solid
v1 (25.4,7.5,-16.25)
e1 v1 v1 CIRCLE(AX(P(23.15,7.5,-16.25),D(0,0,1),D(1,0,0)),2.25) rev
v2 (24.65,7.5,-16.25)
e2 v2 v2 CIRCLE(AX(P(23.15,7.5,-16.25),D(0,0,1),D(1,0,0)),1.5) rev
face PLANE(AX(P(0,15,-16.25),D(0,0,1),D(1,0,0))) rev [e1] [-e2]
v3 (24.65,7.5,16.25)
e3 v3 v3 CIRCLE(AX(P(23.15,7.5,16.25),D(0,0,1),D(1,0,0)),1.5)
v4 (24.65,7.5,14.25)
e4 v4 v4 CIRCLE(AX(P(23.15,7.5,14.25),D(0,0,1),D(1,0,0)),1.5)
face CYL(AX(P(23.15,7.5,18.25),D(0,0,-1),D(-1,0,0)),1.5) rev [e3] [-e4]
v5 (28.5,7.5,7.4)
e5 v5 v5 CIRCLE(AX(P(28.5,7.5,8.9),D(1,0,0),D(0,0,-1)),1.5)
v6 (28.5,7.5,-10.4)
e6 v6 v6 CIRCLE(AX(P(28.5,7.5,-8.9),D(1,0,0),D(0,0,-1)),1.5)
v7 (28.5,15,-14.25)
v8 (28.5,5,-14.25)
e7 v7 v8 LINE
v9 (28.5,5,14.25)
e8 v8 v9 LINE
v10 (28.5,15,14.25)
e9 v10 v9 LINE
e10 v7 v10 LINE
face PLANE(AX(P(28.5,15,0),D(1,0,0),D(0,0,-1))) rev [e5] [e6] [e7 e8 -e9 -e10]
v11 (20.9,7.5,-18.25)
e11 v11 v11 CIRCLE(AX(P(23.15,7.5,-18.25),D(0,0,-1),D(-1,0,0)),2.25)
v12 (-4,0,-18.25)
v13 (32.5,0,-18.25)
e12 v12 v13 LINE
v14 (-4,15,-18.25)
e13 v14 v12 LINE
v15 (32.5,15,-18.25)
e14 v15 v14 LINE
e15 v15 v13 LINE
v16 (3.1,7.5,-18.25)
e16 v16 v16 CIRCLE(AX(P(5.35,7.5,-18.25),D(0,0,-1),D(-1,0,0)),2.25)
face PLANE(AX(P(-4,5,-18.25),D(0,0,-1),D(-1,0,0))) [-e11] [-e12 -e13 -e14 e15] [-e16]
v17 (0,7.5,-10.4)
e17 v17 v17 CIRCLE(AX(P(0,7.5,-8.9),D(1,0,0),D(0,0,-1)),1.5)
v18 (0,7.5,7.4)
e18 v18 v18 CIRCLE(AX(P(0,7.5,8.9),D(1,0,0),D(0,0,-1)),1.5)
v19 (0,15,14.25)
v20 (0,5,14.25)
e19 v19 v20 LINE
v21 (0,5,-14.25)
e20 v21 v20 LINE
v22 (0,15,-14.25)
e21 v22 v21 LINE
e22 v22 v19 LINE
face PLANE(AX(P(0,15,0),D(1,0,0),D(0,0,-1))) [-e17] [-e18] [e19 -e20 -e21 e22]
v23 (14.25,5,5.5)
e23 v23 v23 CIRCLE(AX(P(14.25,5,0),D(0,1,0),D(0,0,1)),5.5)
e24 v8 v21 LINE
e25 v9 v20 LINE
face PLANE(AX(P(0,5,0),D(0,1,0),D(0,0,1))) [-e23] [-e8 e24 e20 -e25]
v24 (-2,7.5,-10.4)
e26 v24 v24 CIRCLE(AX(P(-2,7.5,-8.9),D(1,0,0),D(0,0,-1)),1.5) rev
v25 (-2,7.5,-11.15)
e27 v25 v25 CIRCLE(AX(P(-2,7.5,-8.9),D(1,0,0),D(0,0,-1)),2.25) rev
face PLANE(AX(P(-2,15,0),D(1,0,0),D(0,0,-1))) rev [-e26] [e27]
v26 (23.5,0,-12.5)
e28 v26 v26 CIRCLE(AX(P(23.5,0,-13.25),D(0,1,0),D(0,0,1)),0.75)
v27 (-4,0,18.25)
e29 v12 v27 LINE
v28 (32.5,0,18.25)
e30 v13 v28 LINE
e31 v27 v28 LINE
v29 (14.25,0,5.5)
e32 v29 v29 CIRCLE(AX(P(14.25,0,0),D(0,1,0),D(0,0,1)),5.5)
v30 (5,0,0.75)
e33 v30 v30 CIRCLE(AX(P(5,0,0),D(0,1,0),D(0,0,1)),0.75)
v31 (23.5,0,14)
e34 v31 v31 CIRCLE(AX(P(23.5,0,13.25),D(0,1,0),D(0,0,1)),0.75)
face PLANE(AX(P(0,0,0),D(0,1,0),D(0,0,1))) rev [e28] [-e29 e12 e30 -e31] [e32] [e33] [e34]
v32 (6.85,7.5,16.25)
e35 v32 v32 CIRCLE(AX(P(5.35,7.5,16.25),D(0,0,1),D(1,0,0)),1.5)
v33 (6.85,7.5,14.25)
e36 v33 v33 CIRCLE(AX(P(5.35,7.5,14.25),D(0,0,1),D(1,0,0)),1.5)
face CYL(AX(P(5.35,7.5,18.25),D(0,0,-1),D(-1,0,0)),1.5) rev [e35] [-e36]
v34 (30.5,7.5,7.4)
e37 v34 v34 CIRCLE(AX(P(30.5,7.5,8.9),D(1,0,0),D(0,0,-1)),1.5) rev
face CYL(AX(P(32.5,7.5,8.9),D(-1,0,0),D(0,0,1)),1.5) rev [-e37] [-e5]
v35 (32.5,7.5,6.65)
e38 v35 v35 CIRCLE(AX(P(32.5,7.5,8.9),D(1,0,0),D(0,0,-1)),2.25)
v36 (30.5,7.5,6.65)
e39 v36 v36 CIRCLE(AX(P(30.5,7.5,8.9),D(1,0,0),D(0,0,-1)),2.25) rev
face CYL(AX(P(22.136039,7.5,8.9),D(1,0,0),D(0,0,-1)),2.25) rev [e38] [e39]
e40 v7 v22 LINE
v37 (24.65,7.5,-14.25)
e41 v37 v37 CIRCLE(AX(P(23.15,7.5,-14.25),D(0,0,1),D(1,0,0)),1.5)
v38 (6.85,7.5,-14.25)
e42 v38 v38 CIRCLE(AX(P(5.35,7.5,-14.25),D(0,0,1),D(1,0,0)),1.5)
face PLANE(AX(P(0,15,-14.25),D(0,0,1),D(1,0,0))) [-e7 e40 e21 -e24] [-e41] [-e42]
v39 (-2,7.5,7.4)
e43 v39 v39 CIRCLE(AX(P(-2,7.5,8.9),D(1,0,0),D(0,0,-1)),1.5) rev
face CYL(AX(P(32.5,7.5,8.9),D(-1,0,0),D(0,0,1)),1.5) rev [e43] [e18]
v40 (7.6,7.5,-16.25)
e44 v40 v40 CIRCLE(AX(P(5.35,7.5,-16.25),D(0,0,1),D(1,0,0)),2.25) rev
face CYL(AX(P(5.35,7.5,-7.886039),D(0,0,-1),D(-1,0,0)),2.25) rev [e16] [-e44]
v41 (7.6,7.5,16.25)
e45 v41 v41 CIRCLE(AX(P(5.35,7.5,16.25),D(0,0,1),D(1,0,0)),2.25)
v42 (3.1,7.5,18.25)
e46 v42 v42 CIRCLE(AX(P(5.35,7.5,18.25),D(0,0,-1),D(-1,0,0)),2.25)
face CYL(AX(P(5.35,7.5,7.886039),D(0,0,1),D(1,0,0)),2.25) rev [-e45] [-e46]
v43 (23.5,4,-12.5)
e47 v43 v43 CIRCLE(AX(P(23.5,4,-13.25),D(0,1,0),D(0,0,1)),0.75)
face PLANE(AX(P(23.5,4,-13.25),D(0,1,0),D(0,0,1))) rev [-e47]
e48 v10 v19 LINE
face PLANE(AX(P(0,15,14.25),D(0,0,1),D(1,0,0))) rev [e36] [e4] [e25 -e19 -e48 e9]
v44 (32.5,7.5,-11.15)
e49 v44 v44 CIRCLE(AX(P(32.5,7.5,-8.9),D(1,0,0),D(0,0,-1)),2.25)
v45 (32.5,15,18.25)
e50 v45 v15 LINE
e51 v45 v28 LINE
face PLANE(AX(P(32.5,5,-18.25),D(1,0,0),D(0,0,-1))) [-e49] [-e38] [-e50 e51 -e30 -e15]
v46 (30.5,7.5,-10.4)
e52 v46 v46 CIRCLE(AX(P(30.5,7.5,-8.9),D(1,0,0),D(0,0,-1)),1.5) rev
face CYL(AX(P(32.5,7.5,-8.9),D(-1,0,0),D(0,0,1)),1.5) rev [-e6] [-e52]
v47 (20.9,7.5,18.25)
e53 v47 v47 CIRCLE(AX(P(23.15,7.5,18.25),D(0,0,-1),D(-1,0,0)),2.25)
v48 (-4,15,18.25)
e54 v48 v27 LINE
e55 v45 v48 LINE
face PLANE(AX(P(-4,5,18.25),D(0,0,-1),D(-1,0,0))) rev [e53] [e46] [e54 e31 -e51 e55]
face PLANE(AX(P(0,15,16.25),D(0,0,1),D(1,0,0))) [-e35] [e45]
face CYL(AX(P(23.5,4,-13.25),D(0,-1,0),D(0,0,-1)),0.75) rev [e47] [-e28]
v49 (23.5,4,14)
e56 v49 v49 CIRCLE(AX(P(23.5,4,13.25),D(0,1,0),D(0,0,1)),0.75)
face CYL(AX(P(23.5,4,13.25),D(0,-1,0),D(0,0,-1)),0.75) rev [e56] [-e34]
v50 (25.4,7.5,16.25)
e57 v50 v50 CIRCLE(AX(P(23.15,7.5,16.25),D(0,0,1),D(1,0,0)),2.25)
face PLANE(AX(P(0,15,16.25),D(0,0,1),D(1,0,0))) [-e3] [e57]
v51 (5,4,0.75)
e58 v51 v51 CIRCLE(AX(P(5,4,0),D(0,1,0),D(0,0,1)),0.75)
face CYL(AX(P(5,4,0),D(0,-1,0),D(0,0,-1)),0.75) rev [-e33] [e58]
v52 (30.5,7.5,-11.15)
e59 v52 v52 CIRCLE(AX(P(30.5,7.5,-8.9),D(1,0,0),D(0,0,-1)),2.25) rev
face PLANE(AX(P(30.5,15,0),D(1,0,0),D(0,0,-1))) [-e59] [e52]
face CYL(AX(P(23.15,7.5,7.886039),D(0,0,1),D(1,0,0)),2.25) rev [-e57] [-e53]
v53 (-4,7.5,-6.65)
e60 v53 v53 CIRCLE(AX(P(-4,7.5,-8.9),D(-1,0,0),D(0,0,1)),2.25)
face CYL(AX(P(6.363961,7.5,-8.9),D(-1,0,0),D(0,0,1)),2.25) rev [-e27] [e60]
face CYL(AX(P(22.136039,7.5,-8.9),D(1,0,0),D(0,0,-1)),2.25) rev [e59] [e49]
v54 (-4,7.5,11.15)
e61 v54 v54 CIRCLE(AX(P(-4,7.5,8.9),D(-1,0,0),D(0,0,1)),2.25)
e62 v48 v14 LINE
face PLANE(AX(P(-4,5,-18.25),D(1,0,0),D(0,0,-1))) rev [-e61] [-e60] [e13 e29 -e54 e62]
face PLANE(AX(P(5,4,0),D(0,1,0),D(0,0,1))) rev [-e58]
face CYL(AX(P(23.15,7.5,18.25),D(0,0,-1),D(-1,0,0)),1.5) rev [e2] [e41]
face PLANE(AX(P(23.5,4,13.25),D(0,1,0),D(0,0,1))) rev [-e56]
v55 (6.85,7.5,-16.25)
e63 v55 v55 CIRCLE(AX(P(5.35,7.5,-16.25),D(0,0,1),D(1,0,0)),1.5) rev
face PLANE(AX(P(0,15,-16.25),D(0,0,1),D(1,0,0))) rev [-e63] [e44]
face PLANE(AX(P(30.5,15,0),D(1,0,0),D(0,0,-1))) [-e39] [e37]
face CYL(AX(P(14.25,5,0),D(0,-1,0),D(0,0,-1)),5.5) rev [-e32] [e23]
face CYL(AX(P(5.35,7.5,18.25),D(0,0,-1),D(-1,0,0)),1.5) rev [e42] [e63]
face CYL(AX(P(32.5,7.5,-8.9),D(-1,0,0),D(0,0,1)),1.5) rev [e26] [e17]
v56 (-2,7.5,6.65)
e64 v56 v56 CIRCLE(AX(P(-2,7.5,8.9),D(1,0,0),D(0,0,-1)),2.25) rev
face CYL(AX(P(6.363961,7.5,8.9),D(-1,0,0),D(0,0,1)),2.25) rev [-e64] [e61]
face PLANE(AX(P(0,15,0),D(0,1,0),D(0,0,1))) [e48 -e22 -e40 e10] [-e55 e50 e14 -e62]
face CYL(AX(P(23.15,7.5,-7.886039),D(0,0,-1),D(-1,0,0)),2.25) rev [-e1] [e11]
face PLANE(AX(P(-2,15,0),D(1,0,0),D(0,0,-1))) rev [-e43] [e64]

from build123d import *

# Parameters (mm, degrees)
SKETCH_1_W           = 36.5
SKETCH_1_H           = 36.5
SKETCH_1_R           = 5.5
EXTRUDE_1_DEPTH      = 5
EXTRUDE_START        = 5
SKETCH_1_18_W        = 36.5
SKETCH_1_18_H        = 36.5
SKETCH_1_18_W_2      = 28.5
SKETCH_1_18_H_2      = 28.5
EXTRUDE_2_DEPTH      = 10
SKETCH_2_R           = 1.5
CUT_EXTRUDE_1_DEPTH  = 52.122402134
SKETCH_2_3_R         = 2.25
CUT_EXTRUDE_2_DEPTH  = 2
CUT_EXTRUDE_START    = -34.5
SKETCH_2_4_R         = 2.25
SKETCH_2_4_R_2       = 1.5
CUT_EXTRUDE_3_DEPTH  = 2
SKETCH_3_R           = 1.5
CUT_EXTRUDE_4_DEPTH  = 44.477724181
SKETCH_3_4_R         = 2.25
CUT_EXTRUDE_8_DEPTH  = 2
SKETCH_3_5_R         = 2.25
CUT_EXTRUDE_9_DEPTH  = 2
EXTRUDE_START_2      = 6
SKETCH_4_W           = 32.5
SKETCH_4_H           = 22
SKETCH_4_R           = 5.5
EXTRUDE_3_DEPTH      = 6
EXTRUDE_START_3      = 14
SKETCH_4_3_W         = 32.5
SKETCH_4_3_H         = 22
EXTRUDE_4_DEPTH      = 8
CUT_EXTRUDE_START_2  = 6
SKETCH_4_4_R         = 1
CUT_EXTRUDE_10_DEPTH = 5
EXTRUDE_5_DEPTH      = 2
SKETCH_4_6_R         = 0.75
CUT_EXTRUDE_11_DEPTH = 4
CUT_EXTRUDE_12_REACH = 48.24
SKETCH_4_7_R         = 1.5
SKETCH_5_W           = 200
SKETCH_5_H           = 100
CUT_EXTRUDE_13_DEPTH = 47.239863754


with BuildPart() as part:
    # 草图1 → 凸台-拉伸1 (new body)
    with BuildSketch(Plane(origin=(0, 0, 0), x_dir=(1, 0, 0), z_dir=(0, 1, 0))):
        with Locations((14.25, 0)):
            Rectangle(SKETCH_1_W, SKETCH_1_H)
        with Locations(Location((14.25, 0, 0), (0, 0, 270))):
            Circle(SKETCH_1_R, mode=Mode.SUBTRACT)
    extrude(amount=EXTRUDE_1_DEPTH)

    # 草图1<18> → 凸台-拉伸2 (add)
    with BuildSketch(Plane(origin=(0, 0, 0), x_dir=(1, 0, 0), z_dir=(0, 1, 0)).offset(EXTRUDE_START)):
        with Locations((14.25, 0)):
            Rectangle(SKETCH_1_18_W, SKETCH_1_18_H)
        with Locations((14.25, 0)):
            Rectangle(SKETCH_1_18_W_2, SKETCH_1_18_H_2, mode=Mode.SUBTRACT)
    extrude(amount=EXTRUDE_2_DEPTH)

    # 草图2 → 切除-拉伸1 (cut, through all)
    with BuildSketch(Plane(origin=(0, 0, -18.25), x_dir=(-1, 0, 0), z_dir=(0, 0, -1))):
        with Locations((-23.15, 7.5)):
            Circle(SKETCH_2_R)
        with Locations((-5.35, 7.5)):
            Circle(SKETCH_2_R)
    extrude(amount=-CUT_EXTRUDE_1_DEPTH, mode=Mode.SUBTRACT)

    # 草图2<3> → 切除-拉伸2 (cut)
    with BuildSketch(Plane(origin=(0, 0, -18.25), x_dir=(-1, 0, 0), z_dir=(0, 0, -1))):
        with Locations((-23.15, 7.5)):
            Circle(SKETCH_2_3_R)
        with Locations((-5.35, 7.5)):
            Circle(SKETCH_2_3_R)
    extrude(amount=-CUT_EXTRUDE_2_DEPTH, mode=Mode.SUBTRACT)

    # 草图2<4> → 切除-拉伸3 (cut)
    # profile 1 of 2: a face of its own
    with BuildSketch(Plane(origin=(0, 0, -18.25), x_dir=(-1, 0, 0), z_dir=(0, 0, -1)).offset(CUT_EXTRUDE_START)):
        with Locations((-23.15, 7.5)):
            Circle(SKETCH_2_4_R)
        with Locations(Location((-23.15, 7.5, 0), (0, 0, 180))):
            Circle(SKETCH_2_4_R_2, mode=Mode.SUBTRACT)
    # profile 2 of 2: a face of its own
    with BuildSketch(Plane(origin=(0, 0, -18.25), x_dir=(-1, 0, 0), z_dir=(0, 0, -1)).offset(CUT_EXTRUDE_START)):
        with Locations((-5.35, 7.5)):
            Circle(SKETCH_2_4_R)
        with Locations(Location((-5.35, 7.5, 0), (0, 0, 180))):
            Circle(SKETCH_2_4_R_2, mode=Mode.SUBTRACT)
    extrude(amount=-CUT_EXTRUDE_3_DEPTH, mode=Mode.SUBTRACT)

    # 草图3 → 切除-拉伸4 (cut, through all)
    with BuildSketch(Plane.ZY.offset(4)):
        with Locations((-8.9, 7.5)):
            Circle(SKETCH_3_R)
        with Locations((8.9, 7.5)):
            Circle(SKETCH_3_R)
    extrude(amount=-CUT_EXTRUDE_4_DEPTH, mode=Mode.SUBTRACT)

    # 草图3<4> → 切除-拉伸8 (cut)
    with BuildSketch(Plane.ZY.offset(4)):
        with Locations((-8.9, 7.5)):
            Circle(SKETCH_3_4_R)
        with Locations((8.9, 7.5)):
            Circle(SKETCH_3_4_R)
    extrude(amount=-CUT_EXTRUDE_8_DEPTH, mode=Mode.SUBTRACT)

    # 草图3<5> → 切除-拉伸9 (cut)
    with BuildSketch(Plane.ZY.offset(4).offset(CUT_EXTRUDE_START)):
        with Locations((-8.9, 7.5)):
            Circle(SKETCH_3_5_R)
        with Locations((8.9, 7.5)):
            Circle(SKETCH_3_5_R)
    extrude(amount=-CUT_EXTRUDE_9_DEPTH, mode=Mode.SUBTRACT)

    # 草图4 → 凸台-拉伸3 (add)
    with BuildSketch(Plane.XZ.offset(EXTRUDE_START_2)):
        with Locations((23.5, 0)):
            Rectangle(SKETCH_4_W, SKETCH_4_H)
        with Locations(Location((14.25, 0, 0), (0, 0, 270))):
            Circle(SKETCH_4_R, mode=Mode.SUBTRACT)
    extrude(amount=-EXTRUDE_3_DEPTH)

    # 草图4<3> → 凸台-拉伸4 (add)
    with BuildSketch(Plane.XZ.offset(EXTRUDE_START_3)):
        with Locations((23.5, 0)):
            Rectangle(SKETCH_4_3_W, SKETCH_4_3_H)
        with BuildLine():
            ThreePointArc((18.067307692, 3.959565883), (27.052586177, 9.998051199), (36.269230769, 4.318967044))
            ThreePointArc((36.269230769, 4.318967044), (38.08567491, 2.490366053), (38.75, 0))
            ThreePointArc((38.75, 0), (38.08567491, -2.490366053), (36.269230769, -4.318967044))
            ThreePointArc((36.269230769, -4.318967044), (27.052586177, -9.998051199), (18.067307692, -3.959565883))
            ThreePointArc((18.067307692, -3.959565883), (8.75, 0), (18.067307692, 3.959565883))
        make_face(mode=Mode.SUBTRACT)
    extrude(amount=-EXTRUDE_4_DEPTH)

    # 草图4<4> → 切除-拉伸10 (cut)
    with BuildSketch(Plane.XZ.offset(CUT_EXTRUDE_START_2)):
        with Locations(Location((27.25, 0, 0), (0, 0, 270))):
            Circle(SKETCH_4_4_R)
    extrude(amount=-CUT_EXTRUDE_10_DEPTH, mode=Mode.SUBTRACT)

    # 草图4<5> → 凸台-拉伸5 (add)
    with BuildSketch(Plane.XZ):
        Polygon((39.75, 11), (39.75, 15.5), (2.75, 15.5), (2.75, -15.5), (39.75, -15.5), (39.75, -11), (7.25, -11), (7.25, 11), align=None)
    extrude(amount=EXTRUDE_5_DEPTH)

    # 草图4<6> → 切除-拉伸11 (cut)
    with BuildSketch(Plane.XZ):
        with Locations(Location((23.5, 13.25, 0), (0, 0, 90))):
            Circle(SKETCH_4_6_R)
        with Locations(Location((5, 0, 0), (0, 0, 90))):
            Circle(SKETCH_4_6_R)
        with Locations(Location((23.5, -13.25, 0), (0, 0, 90))):
            Circle(SKETCH_4_6_R)
    extrude(amount=-CUT_EXTRUDE_11_DEPTH, mode=Mode.SUBTRACT)

    # 草图4<7> → 切除-拉伸12 (cut, up to next)
    with BuildSketch(Plane.XZ, mode=Mode.PRIVATE) as cut_extrude_12_sk1:
        with Locations(Location((23.5, 13.25, 0), (0, 0, 90))):
            Circle(SKETCH_4_7_R)
    cut_extrude_12_tool1 = extrude(cut_extrude_12_sk1.sketch, amount=CUT_EXTRUDE_12_REACH, mode=Mode.PRIVATE) & part.part
    # 草图4<7> → 切除-拉伸12 (cut, up to next)
    with BuildSketch(Plane.XZ, mode=Mode.PRIVATE) as cut_extrude_12_sk2:
        with Locations(Location((5, 0, 0), (0, 0, 90))):
            Circle(SKETCH_4_7_R)
    cut_extrude_12_tool2 = extrude(cut_extrude_12_sk2.sketch, amount=CUT_EXTRUDE_12_REACH, mode=Mode.PRIVATE) & part.part
    # 草图4<7> → 切除-拉伸12 (cut, up to next)
    with BuildSketch(Plane.XZ, mode=Mode.PRIVATE) as cut_extrude_12_sk3:
        with Locations(Location((23.5, -13.25, 0), (0, 0, 90))):
            Circle(SKETCH_4_7_R)
    cut_extrude_12_tool3 = extrude(cut_extrude_12_sk3.sketch, amount=CUT_EXTRUDE_12_REACH, mode=Mode.PRIVATE) & part.part
    add(cut_extrude_12_tool1.solids().sort_by_distance((23.5, 0, 13.25))[0], mode=Mode.SUBTRACT)
    add(cut_extrude_12_tool2.solids().sort_by_distance((5, 0, 0))[0], mode=Mode.SUBTRACT)
    add(cut_extrude_12_tool3.solids().sort_by_distance((23.5, 0, -13.25))[0], mode=Mode.SUBTRACT)

    # 草图5 → 切除-拉伸13 (cut, through all)
    with BuildSketch(Plane.XZ):
        Rectangle(SKETCH_5_W, SKETCH_5_H)
    extrude(amount=CUT_EXTRUDE_13_DEPTH, mode=Mode.SUBTRACT)


solid = part.part
